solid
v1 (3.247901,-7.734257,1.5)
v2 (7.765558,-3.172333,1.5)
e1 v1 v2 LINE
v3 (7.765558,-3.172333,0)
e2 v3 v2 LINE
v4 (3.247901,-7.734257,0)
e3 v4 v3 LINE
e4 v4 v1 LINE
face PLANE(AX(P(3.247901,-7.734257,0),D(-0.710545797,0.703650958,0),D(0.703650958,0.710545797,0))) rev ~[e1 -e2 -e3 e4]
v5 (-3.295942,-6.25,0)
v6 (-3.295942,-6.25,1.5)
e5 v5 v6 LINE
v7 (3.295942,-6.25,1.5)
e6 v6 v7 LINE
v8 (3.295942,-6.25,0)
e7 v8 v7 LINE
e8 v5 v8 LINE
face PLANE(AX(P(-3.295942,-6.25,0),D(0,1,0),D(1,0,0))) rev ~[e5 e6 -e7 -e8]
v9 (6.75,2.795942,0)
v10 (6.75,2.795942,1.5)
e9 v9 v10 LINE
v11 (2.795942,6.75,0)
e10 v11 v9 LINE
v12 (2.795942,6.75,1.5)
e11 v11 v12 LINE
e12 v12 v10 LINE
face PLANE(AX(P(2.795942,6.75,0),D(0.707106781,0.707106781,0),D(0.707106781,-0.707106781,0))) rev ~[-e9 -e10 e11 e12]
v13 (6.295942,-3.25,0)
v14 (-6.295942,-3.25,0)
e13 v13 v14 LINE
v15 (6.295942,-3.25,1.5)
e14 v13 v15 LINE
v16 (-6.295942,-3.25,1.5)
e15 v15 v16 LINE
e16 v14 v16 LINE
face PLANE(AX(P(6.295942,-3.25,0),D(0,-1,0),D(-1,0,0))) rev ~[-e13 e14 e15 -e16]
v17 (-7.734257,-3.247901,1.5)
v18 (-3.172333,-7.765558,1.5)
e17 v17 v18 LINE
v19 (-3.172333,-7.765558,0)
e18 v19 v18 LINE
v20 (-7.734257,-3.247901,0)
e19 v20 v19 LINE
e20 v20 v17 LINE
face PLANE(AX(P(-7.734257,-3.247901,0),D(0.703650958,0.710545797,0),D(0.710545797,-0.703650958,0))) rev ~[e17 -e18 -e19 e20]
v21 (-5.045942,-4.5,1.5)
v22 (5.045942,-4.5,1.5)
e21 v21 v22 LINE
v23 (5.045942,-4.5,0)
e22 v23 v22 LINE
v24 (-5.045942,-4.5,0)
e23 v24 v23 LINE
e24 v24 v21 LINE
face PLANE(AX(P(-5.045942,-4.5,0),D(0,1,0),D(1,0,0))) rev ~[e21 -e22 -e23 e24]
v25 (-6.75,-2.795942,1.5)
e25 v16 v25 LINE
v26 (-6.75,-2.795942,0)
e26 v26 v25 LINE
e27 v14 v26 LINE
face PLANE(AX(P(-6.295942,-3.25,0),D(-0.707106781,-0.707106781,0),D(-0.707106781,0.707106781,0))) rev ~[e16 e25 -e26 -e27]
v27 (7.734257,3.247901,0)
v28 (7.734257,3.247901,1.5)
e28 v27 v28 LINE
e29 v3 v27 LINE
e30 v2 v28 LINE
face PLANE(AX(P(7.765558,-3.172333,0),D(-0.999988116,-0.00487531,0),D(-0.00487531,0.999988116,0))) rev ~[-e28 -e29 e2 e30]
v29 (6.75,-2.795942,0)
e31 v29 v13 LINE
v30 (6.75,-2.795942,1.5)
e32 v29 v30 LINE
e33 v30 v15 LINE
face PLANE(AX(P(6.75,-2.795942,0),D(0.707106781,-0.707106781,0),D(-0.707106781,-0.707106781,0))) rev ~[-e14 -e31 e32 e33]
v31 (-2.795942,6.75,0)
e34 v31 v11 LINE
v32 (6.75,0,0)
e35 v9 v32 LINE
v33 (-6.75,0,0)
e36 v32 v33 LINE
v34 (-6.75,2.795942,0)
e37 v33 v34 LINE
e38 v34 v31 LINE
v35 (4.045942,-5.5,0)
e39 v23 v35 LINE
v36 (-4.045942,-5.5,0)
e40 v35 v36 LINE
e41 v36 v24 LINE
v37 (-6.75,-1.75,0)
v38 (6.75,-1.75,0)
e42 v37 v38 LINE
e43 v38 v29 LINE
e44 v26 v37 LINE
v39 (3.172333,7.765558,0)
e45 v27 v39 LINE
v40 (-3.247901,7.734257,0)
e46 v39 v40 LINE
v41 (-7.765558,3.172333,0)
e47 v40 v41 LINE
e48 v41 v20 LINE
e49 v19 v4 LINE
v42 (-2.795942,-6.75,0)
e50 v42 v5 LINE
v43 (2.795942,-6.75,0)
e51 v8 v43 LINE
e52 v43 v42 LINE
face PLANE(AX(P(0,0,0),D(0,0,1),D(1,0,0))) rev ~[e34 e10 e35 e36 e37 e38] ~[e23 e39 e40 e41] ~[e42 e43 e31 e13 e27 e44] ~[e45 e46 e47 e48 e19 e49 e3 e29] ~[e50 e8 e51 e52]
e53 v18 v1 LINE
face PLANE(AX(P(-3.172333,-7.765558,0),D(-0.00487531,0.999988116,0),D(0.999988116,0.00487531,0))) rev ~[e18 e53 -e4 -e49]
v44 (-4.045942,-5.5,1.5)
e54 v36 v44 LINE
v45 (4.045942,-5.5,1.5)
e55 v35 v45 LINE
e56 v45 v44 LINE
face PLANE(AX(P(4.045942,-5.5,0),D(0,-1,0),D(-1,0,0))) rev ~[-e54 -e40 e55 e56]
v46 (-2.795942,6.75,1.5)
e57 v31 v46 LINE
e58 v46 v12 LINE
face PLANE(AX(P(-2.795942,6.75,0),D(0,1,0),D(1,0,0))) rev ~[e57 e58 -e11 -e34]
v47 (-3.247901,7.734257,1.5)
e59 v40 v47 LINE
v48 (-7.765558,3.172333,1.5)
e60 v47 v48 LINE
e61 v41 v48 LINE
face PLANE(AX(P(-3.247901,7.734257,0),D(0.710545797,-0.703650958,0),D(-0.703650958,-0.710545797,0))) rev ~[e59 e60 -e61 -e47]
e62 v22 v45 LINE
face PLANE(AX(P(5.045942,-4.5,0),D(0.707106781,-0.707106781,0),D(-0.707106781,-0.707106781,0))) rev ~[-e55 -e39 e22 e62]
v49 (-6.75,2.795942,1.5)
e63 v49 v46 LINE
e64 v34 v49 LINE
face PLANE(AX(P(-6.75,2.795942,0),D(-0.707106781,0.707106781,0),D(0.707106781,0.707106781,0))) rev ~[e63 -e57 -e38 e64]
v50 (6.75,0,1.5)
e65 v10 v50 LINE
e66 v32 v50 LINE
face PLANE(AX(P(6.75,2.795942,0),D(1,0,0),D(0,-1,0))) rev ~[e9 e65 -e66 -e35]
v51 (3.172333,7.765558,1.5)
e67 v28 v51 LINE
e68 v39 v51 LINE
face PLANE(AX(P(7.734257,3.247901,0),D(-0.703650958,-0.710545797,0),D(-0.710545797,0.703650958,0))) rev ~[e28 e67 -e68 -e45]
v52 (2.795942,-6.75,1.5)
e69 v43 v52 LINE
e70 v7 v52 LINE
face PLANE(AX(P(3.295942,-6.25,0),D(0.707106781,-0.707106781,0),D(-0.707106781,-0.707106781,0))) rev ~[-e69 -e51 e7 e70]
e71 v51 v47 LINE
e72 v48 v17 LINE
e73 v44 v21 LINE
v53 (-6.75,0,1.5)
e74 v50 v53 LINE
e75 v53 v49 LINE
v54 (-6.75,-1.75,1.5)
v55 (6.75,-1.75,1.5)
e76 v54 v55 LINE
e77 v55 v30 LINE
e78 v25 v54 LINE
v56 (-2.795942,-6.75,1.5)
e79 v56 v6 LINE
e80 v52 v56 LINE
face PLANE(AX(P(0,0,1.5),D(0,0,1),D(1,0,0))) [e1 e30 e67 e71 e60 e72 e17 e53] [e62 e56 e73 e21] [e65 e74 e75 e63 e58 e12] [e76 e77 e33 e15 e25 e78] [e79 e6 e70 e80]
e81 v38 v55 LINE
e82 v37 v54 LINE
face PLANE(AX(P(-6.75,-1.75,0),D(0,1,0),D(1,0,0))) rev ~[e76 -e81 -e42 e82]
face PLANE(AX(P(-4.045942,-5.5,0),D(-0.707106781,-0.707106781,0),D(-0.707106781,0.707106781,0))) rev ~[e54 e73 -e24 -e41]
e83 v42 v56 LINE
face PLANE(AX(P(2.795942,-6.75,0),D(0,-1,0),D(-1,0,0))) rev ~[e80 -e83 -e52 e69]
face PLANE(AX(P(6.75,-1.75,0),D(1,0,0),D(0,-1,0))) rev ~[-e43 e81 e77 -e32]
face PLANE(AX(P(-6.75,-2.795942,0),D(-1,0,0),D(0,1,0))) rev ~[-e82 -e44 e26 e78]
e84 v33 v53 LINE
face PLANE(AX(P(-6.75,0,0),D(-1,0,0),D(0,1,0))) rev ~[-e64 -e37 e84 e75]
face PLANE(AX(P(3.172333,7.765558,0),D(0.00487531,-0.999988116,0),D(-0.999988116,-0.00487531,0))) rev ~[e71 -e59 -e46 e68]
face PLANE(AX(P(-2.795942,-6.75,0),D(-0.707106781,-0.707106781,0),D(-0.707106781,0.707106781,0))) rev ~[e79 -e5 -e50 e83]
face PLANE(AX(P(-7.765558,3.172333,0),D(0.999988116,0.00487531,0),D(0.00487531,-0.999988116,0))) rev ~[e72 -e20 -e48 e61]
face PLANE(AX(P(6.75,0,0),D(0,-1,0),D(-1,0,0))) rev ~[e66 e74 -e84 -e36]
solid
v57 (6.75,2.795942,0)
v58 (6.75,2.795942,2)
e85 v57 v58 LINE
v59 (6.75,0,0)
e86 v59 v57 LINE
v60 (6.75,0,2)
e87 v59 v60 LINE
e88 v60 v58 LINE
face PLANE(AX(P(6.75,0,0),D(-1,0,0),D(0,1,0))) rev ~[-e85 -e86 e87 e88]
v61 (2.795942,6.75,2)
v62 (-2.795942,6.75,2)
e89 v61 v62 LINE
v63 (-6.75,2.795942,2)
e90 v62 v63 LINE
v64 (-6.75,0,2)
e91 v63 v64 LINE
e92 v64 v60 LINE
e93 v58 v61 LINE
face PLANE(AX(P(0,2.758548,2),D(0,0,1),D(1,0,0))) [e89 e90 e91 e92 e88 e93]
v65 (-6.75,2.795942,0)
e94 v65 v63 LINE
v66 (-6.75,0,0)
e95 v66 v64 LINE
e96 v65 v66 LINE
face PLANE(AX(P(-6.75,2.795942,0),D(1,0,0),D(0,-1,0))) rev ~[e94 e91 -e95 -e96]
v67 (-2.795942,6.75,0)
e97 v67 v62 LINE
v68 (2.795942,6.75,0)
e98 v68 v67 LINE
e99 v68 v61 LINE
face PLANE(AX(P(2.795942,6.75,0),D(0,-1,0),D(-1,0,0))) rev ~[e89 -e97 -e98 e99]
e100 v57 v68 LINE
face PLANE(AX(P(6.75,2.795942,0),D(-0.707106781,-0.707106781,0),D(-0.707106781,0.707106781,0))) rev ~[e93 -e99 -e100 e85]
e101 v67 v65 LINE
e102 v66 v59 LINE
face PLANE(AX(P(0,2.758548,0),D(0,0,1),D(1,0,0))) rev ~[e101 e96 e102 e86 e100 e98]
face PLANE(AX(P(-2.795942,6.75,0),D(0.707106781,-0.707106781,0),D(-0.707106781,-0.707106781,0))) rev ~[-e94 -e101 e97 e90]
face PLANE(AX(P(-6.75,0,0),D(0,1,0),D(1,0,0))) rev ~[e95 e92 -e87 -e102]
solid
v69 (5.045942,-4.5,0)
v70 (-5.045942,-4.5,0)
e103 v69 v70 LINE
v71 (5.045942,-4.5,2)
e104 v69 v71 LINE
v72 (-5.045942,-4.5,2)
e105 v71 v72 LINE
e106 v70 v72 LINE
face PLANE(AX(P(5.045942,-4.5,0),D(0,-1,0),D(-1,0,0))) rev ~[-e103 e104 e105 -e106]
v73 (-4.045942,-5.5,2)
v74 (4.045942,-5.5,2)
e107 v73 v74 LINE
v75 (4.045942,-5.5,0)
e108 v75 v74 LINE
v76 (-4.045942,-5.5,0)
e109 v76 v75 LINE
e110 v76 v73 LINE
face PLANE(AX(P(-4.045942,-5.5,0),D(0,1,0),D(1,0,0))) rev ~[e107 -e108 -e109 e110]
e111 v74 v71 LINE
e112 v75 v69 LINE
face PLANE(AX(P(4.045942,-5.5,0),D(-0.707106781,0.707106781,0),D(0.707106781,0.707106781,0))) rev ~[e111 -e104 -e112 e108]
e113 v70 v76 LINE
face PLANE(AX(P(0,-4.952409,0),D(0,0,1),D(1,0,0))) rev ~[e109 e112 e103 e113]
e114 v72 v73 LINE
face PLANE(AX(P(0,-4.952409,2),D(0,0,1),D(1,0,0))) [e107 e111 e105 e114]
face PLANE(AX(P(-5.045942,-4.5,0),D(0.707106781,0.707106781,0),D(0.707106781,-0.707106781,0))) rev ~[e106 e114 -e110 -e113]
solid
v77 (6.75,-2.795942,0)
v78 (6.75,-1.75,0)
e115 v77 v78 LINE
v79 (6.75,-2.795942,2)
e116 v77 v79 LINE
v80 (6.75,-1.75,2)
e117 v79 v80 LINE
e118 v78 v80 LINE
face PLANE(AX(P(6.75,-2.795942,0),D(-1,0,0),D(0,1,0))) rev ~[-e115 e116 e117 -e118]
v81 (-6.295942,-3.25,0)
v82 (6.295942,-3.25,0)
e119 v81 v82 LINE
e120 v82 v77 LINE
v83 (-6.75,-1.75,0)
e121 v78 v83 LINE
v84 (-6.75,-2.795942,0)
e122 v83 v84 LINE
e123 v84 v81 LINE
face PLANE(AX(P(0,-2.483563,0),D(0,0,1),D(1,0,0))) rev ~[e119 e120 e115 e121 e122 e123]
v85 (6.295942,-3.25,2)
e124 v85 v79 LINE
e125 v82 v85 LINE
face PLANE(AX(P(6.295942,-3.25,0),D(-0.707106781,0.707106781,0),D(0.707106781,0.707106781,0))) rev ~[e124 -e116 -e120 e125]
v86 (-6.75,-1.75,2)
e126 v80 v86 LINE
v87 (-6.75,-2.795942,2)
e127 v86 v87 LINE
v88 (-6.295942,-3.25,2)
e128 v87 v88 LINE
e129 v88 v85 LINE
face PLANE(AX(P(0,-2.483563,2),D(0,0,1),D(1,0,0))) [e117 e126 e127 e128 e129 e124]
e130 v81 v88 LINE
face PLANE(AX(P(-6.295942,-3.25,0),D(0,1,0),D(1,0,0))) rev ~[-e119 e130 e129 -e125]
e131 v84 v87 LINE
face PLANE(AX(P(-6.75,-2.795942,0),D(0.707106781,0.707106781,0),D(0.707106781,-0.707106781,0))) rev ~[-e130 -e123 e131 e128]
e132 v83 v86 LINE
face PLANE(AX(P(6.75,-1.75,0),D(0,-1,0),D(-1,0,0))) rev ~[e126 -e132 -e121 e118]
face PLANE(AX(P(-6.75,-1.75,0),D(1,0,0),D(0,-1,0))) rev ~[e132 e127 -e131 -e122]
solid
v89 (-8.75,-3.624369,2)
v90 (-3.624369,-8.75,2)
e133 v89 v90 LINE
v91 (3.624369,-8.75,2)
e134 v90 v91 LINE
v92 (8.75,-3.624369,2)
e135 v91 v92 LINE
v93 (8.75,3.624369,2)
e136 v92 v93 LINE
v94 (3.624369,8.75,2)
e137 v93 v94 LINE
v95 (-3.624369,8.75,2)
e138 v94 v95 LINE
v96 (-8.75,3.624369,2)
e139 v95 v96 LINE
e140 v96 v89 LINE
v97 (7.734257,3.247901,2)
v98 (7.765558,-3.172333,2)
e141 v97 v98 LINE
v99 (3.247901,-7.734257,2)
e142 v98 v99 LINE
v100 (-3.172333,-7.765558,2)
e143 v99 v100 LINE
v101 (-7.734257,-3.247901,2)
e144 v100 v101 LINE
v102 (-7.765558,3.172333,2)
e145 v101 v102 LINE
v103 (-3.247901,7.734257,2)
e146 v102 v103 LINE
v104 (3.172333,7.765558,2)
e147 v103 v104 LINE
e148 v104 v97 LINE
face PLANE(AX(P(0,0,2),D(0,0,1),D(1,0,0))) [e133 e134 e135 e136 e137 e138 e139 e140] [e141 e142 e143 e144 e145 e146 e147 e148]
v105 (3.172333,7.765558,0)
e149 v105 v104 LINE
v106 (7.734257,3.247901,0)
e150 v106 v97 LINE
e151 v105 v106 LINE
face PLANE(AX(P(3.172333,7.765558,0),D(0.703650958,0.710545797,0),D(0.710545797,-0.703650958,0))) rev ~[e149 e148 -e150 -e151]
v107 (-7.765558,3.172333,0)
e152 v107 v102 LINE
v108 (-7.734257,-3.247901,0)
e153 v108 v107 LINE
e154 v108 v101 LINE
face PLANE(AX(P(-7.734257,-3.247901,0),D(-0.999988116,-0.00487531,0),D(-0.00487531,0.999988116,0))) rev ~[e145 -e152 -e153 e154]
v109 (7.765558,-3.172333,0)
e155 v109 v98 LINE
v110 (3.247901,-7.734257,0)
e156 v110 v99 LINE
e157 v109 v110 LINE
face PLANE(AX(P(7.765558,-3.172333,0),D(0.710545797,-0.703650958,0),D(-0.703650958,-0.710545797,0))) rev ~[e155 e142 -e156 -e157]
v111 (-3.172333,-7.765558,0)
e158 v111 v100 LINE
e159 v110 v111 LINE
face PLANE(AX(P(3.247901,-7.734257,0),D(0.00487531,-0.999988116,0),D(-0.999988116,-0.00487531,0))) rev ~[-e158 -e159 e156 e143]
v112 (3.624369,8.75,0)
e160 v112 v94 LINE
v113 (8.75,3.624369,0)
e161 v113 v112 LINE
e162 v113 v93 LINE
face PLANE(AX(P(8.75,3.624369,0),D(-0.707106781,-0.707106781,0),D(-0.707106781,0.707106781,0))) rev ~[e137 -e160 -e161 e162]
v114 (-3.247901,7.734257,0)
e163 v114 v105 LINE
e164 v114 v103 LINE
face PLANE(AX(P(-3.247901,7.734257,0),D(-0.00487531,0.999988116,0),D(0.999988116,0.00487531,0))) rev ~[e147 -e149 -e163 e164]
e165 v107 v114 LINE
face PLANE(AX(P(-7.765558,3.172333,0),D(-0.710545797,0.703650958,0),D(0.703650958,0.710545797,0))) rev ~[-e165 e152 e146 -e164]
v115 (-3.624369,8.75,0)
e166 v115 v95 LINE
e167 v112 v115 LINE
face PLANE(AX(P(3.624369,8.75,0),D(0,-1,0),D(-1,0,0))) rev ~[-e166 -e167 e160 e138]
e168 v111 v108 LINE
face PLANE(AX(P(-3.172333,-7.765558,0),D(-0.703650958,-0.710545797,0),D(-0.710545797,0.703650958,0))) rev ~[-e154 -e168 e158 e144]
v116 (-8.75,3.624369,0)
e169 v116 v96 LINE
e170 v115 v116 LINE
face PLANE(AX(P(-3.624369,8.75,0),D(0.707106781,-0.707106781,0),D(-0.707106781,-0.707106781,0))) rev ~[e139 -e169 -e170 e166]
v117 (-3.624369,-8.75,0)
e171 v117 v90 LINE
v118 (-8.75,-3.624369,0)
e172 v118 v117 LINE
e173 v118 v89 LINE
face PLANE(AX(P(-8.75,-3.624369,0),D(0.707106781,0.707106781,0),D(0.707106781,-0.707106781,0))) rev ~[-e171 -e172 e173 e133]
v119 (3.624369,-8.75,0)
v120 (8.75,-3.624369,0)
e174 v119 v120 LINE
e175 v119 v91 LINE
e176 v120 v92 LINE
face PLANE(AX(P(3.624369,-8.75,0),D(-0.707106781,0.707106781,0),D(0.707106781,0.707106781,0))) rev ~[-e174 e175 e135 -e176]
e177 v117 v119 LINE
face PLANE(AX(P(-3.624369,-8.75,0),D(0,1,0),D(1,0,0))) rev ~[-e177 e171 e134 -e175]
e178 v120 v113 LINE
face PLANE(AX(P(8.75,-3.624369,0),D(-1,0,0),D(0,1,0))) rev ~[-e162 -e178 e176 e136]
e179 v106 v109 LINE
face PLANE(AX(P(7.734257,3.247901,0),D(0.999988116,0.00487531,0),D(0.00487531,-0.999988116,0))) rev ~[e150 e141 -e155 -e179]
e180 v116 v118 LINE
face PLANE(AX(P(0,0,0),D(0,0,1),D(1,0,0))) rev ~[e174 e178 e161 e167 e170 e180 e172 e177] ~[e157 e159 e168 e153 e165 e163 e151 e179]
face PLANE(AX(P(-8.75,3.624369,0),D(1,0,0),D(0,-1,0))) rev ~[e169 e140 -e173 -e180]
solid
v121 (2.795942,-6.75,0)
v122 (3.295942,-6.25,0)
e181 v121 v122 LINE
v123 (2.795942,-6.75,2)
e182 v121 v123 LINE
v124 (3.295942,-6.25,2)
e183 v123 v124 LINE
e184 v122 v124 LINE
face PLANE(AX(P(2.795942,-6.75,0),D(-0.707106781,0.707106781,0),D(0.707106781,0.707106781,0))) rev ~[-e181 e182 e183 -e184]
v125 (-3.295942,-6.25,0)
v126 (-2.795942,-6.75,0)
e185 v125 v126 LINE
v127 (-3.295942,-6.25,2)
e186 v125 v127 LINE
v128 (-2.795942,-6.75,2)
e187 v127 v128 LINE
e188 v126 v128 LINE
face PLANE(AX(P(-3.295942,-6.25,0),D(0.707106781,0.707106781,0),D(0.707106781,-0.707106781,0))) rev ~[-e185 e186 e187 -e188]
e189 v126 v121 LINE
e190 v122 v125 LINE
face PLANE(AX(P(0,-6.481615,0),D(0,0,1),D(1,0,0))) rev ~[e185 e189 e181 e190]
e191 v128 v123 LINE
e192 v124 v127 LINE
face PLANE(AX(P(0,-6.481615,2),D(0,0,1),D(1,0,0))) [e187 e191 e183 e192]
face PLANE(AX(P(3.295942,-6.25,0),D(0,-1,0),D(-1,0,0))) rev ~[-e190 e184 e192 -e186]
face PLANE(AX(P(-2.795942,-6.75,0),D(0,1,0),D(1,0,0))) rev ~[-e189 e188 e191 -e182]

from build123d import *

# Parameters (mm, degrees)
F1_DEPTH = 2
F2_DEPTH = 1.5


with BuildPart() as f1:
    # F0 (on Top) → F1 (new body)
    with BuildSketch(Plane.XY):
        Polygon((3.624369, -8.75), (8.75, -3.624369), (8.75, 3.624369), (3.624369, 8.75), (-3.624369, 8.75), (-8.75, 3.624369), (-8.75, -3.624369), (-3.624369, -8.75), align=None)
        Polygon((7.734257, 3.247901), (7.765558, -3.172333), (3.247901, -7.734257), (-3.172333, -7.765558), (-7.734257, -3.247901), (-7.765558, 3.172333), (-3.247901, 7.734257), (3.172333, 7.765558), align=None, mode=Mode.SUBTRACT)
        Polygon((-2.795942, 6.75), (-6.75, 2.795942), (-6.75, 0), (6.75, 0), (6.75, 2.795942), (2.795942, 6.75), align=None)
        Polygon((6.295942, -3.25), (6.75, -2.795942), (6.75, -1.75), (-6.75, -1.75), (-6.75, -2.795942), (-6.295942, -3.25), align=None)
        Polygon((5.045942, -4.5), (-5.045942, -4.5), (-4.045942, -5.5), (4.045942, -5.5), align=None)
        Polygon((-2.795942, -6.75), (2.795942, -6.75), (3.295942, -6.25), (-3.295942, -6.25), align=None)
    extrude(amount=F1_DEPTH)


with BuildPart() as f2:
    # F0 (on Top) → F2 (new body)
    with BuildSketch(Plane.XY):
        Polygon((3.247901, -7.734257), (7.765558, -3.172333), (7.734257, 3.247901), (3.172333, 7.765558), (-3.247901, 7.734257), (-7.765558, 3.172333), (-7.734257, -3.247901), (-3.172333, -7.765558), align=None)
        Polygon((3.295942, -6.25), (2.795942, -6.75), (-2.795942, -6.75), (-3.295942, -6.25), align=None, mode=Mode.SUBTRACT)
        Polygon((-4.045942, -5.5), (-5.045942, -4.5), (5.045942, -4.5), (4.045942, -5.5), align=None, mode=Mode.SUBTRACT)
        Polygon((6.75, -1.75), (6.75, -2.795942), (6.295942, -3.25), (-6.295942, -3.25), (-6.75, -2.795942), (-6.75, -1.75), align=None, mode=Mode.SUBTRACT)
        Polygon((-6.75, 0), (-6.75, 2.795942), (-2.795942, 6.75), (2.795942, 6.75), (6.75, 2.795942), (6.75, 0), align=None, mode=Mode.SUBTRACT)
    extrude(amount=F2_DEPTH)


solid = Compound([f1.part, f2.part])
